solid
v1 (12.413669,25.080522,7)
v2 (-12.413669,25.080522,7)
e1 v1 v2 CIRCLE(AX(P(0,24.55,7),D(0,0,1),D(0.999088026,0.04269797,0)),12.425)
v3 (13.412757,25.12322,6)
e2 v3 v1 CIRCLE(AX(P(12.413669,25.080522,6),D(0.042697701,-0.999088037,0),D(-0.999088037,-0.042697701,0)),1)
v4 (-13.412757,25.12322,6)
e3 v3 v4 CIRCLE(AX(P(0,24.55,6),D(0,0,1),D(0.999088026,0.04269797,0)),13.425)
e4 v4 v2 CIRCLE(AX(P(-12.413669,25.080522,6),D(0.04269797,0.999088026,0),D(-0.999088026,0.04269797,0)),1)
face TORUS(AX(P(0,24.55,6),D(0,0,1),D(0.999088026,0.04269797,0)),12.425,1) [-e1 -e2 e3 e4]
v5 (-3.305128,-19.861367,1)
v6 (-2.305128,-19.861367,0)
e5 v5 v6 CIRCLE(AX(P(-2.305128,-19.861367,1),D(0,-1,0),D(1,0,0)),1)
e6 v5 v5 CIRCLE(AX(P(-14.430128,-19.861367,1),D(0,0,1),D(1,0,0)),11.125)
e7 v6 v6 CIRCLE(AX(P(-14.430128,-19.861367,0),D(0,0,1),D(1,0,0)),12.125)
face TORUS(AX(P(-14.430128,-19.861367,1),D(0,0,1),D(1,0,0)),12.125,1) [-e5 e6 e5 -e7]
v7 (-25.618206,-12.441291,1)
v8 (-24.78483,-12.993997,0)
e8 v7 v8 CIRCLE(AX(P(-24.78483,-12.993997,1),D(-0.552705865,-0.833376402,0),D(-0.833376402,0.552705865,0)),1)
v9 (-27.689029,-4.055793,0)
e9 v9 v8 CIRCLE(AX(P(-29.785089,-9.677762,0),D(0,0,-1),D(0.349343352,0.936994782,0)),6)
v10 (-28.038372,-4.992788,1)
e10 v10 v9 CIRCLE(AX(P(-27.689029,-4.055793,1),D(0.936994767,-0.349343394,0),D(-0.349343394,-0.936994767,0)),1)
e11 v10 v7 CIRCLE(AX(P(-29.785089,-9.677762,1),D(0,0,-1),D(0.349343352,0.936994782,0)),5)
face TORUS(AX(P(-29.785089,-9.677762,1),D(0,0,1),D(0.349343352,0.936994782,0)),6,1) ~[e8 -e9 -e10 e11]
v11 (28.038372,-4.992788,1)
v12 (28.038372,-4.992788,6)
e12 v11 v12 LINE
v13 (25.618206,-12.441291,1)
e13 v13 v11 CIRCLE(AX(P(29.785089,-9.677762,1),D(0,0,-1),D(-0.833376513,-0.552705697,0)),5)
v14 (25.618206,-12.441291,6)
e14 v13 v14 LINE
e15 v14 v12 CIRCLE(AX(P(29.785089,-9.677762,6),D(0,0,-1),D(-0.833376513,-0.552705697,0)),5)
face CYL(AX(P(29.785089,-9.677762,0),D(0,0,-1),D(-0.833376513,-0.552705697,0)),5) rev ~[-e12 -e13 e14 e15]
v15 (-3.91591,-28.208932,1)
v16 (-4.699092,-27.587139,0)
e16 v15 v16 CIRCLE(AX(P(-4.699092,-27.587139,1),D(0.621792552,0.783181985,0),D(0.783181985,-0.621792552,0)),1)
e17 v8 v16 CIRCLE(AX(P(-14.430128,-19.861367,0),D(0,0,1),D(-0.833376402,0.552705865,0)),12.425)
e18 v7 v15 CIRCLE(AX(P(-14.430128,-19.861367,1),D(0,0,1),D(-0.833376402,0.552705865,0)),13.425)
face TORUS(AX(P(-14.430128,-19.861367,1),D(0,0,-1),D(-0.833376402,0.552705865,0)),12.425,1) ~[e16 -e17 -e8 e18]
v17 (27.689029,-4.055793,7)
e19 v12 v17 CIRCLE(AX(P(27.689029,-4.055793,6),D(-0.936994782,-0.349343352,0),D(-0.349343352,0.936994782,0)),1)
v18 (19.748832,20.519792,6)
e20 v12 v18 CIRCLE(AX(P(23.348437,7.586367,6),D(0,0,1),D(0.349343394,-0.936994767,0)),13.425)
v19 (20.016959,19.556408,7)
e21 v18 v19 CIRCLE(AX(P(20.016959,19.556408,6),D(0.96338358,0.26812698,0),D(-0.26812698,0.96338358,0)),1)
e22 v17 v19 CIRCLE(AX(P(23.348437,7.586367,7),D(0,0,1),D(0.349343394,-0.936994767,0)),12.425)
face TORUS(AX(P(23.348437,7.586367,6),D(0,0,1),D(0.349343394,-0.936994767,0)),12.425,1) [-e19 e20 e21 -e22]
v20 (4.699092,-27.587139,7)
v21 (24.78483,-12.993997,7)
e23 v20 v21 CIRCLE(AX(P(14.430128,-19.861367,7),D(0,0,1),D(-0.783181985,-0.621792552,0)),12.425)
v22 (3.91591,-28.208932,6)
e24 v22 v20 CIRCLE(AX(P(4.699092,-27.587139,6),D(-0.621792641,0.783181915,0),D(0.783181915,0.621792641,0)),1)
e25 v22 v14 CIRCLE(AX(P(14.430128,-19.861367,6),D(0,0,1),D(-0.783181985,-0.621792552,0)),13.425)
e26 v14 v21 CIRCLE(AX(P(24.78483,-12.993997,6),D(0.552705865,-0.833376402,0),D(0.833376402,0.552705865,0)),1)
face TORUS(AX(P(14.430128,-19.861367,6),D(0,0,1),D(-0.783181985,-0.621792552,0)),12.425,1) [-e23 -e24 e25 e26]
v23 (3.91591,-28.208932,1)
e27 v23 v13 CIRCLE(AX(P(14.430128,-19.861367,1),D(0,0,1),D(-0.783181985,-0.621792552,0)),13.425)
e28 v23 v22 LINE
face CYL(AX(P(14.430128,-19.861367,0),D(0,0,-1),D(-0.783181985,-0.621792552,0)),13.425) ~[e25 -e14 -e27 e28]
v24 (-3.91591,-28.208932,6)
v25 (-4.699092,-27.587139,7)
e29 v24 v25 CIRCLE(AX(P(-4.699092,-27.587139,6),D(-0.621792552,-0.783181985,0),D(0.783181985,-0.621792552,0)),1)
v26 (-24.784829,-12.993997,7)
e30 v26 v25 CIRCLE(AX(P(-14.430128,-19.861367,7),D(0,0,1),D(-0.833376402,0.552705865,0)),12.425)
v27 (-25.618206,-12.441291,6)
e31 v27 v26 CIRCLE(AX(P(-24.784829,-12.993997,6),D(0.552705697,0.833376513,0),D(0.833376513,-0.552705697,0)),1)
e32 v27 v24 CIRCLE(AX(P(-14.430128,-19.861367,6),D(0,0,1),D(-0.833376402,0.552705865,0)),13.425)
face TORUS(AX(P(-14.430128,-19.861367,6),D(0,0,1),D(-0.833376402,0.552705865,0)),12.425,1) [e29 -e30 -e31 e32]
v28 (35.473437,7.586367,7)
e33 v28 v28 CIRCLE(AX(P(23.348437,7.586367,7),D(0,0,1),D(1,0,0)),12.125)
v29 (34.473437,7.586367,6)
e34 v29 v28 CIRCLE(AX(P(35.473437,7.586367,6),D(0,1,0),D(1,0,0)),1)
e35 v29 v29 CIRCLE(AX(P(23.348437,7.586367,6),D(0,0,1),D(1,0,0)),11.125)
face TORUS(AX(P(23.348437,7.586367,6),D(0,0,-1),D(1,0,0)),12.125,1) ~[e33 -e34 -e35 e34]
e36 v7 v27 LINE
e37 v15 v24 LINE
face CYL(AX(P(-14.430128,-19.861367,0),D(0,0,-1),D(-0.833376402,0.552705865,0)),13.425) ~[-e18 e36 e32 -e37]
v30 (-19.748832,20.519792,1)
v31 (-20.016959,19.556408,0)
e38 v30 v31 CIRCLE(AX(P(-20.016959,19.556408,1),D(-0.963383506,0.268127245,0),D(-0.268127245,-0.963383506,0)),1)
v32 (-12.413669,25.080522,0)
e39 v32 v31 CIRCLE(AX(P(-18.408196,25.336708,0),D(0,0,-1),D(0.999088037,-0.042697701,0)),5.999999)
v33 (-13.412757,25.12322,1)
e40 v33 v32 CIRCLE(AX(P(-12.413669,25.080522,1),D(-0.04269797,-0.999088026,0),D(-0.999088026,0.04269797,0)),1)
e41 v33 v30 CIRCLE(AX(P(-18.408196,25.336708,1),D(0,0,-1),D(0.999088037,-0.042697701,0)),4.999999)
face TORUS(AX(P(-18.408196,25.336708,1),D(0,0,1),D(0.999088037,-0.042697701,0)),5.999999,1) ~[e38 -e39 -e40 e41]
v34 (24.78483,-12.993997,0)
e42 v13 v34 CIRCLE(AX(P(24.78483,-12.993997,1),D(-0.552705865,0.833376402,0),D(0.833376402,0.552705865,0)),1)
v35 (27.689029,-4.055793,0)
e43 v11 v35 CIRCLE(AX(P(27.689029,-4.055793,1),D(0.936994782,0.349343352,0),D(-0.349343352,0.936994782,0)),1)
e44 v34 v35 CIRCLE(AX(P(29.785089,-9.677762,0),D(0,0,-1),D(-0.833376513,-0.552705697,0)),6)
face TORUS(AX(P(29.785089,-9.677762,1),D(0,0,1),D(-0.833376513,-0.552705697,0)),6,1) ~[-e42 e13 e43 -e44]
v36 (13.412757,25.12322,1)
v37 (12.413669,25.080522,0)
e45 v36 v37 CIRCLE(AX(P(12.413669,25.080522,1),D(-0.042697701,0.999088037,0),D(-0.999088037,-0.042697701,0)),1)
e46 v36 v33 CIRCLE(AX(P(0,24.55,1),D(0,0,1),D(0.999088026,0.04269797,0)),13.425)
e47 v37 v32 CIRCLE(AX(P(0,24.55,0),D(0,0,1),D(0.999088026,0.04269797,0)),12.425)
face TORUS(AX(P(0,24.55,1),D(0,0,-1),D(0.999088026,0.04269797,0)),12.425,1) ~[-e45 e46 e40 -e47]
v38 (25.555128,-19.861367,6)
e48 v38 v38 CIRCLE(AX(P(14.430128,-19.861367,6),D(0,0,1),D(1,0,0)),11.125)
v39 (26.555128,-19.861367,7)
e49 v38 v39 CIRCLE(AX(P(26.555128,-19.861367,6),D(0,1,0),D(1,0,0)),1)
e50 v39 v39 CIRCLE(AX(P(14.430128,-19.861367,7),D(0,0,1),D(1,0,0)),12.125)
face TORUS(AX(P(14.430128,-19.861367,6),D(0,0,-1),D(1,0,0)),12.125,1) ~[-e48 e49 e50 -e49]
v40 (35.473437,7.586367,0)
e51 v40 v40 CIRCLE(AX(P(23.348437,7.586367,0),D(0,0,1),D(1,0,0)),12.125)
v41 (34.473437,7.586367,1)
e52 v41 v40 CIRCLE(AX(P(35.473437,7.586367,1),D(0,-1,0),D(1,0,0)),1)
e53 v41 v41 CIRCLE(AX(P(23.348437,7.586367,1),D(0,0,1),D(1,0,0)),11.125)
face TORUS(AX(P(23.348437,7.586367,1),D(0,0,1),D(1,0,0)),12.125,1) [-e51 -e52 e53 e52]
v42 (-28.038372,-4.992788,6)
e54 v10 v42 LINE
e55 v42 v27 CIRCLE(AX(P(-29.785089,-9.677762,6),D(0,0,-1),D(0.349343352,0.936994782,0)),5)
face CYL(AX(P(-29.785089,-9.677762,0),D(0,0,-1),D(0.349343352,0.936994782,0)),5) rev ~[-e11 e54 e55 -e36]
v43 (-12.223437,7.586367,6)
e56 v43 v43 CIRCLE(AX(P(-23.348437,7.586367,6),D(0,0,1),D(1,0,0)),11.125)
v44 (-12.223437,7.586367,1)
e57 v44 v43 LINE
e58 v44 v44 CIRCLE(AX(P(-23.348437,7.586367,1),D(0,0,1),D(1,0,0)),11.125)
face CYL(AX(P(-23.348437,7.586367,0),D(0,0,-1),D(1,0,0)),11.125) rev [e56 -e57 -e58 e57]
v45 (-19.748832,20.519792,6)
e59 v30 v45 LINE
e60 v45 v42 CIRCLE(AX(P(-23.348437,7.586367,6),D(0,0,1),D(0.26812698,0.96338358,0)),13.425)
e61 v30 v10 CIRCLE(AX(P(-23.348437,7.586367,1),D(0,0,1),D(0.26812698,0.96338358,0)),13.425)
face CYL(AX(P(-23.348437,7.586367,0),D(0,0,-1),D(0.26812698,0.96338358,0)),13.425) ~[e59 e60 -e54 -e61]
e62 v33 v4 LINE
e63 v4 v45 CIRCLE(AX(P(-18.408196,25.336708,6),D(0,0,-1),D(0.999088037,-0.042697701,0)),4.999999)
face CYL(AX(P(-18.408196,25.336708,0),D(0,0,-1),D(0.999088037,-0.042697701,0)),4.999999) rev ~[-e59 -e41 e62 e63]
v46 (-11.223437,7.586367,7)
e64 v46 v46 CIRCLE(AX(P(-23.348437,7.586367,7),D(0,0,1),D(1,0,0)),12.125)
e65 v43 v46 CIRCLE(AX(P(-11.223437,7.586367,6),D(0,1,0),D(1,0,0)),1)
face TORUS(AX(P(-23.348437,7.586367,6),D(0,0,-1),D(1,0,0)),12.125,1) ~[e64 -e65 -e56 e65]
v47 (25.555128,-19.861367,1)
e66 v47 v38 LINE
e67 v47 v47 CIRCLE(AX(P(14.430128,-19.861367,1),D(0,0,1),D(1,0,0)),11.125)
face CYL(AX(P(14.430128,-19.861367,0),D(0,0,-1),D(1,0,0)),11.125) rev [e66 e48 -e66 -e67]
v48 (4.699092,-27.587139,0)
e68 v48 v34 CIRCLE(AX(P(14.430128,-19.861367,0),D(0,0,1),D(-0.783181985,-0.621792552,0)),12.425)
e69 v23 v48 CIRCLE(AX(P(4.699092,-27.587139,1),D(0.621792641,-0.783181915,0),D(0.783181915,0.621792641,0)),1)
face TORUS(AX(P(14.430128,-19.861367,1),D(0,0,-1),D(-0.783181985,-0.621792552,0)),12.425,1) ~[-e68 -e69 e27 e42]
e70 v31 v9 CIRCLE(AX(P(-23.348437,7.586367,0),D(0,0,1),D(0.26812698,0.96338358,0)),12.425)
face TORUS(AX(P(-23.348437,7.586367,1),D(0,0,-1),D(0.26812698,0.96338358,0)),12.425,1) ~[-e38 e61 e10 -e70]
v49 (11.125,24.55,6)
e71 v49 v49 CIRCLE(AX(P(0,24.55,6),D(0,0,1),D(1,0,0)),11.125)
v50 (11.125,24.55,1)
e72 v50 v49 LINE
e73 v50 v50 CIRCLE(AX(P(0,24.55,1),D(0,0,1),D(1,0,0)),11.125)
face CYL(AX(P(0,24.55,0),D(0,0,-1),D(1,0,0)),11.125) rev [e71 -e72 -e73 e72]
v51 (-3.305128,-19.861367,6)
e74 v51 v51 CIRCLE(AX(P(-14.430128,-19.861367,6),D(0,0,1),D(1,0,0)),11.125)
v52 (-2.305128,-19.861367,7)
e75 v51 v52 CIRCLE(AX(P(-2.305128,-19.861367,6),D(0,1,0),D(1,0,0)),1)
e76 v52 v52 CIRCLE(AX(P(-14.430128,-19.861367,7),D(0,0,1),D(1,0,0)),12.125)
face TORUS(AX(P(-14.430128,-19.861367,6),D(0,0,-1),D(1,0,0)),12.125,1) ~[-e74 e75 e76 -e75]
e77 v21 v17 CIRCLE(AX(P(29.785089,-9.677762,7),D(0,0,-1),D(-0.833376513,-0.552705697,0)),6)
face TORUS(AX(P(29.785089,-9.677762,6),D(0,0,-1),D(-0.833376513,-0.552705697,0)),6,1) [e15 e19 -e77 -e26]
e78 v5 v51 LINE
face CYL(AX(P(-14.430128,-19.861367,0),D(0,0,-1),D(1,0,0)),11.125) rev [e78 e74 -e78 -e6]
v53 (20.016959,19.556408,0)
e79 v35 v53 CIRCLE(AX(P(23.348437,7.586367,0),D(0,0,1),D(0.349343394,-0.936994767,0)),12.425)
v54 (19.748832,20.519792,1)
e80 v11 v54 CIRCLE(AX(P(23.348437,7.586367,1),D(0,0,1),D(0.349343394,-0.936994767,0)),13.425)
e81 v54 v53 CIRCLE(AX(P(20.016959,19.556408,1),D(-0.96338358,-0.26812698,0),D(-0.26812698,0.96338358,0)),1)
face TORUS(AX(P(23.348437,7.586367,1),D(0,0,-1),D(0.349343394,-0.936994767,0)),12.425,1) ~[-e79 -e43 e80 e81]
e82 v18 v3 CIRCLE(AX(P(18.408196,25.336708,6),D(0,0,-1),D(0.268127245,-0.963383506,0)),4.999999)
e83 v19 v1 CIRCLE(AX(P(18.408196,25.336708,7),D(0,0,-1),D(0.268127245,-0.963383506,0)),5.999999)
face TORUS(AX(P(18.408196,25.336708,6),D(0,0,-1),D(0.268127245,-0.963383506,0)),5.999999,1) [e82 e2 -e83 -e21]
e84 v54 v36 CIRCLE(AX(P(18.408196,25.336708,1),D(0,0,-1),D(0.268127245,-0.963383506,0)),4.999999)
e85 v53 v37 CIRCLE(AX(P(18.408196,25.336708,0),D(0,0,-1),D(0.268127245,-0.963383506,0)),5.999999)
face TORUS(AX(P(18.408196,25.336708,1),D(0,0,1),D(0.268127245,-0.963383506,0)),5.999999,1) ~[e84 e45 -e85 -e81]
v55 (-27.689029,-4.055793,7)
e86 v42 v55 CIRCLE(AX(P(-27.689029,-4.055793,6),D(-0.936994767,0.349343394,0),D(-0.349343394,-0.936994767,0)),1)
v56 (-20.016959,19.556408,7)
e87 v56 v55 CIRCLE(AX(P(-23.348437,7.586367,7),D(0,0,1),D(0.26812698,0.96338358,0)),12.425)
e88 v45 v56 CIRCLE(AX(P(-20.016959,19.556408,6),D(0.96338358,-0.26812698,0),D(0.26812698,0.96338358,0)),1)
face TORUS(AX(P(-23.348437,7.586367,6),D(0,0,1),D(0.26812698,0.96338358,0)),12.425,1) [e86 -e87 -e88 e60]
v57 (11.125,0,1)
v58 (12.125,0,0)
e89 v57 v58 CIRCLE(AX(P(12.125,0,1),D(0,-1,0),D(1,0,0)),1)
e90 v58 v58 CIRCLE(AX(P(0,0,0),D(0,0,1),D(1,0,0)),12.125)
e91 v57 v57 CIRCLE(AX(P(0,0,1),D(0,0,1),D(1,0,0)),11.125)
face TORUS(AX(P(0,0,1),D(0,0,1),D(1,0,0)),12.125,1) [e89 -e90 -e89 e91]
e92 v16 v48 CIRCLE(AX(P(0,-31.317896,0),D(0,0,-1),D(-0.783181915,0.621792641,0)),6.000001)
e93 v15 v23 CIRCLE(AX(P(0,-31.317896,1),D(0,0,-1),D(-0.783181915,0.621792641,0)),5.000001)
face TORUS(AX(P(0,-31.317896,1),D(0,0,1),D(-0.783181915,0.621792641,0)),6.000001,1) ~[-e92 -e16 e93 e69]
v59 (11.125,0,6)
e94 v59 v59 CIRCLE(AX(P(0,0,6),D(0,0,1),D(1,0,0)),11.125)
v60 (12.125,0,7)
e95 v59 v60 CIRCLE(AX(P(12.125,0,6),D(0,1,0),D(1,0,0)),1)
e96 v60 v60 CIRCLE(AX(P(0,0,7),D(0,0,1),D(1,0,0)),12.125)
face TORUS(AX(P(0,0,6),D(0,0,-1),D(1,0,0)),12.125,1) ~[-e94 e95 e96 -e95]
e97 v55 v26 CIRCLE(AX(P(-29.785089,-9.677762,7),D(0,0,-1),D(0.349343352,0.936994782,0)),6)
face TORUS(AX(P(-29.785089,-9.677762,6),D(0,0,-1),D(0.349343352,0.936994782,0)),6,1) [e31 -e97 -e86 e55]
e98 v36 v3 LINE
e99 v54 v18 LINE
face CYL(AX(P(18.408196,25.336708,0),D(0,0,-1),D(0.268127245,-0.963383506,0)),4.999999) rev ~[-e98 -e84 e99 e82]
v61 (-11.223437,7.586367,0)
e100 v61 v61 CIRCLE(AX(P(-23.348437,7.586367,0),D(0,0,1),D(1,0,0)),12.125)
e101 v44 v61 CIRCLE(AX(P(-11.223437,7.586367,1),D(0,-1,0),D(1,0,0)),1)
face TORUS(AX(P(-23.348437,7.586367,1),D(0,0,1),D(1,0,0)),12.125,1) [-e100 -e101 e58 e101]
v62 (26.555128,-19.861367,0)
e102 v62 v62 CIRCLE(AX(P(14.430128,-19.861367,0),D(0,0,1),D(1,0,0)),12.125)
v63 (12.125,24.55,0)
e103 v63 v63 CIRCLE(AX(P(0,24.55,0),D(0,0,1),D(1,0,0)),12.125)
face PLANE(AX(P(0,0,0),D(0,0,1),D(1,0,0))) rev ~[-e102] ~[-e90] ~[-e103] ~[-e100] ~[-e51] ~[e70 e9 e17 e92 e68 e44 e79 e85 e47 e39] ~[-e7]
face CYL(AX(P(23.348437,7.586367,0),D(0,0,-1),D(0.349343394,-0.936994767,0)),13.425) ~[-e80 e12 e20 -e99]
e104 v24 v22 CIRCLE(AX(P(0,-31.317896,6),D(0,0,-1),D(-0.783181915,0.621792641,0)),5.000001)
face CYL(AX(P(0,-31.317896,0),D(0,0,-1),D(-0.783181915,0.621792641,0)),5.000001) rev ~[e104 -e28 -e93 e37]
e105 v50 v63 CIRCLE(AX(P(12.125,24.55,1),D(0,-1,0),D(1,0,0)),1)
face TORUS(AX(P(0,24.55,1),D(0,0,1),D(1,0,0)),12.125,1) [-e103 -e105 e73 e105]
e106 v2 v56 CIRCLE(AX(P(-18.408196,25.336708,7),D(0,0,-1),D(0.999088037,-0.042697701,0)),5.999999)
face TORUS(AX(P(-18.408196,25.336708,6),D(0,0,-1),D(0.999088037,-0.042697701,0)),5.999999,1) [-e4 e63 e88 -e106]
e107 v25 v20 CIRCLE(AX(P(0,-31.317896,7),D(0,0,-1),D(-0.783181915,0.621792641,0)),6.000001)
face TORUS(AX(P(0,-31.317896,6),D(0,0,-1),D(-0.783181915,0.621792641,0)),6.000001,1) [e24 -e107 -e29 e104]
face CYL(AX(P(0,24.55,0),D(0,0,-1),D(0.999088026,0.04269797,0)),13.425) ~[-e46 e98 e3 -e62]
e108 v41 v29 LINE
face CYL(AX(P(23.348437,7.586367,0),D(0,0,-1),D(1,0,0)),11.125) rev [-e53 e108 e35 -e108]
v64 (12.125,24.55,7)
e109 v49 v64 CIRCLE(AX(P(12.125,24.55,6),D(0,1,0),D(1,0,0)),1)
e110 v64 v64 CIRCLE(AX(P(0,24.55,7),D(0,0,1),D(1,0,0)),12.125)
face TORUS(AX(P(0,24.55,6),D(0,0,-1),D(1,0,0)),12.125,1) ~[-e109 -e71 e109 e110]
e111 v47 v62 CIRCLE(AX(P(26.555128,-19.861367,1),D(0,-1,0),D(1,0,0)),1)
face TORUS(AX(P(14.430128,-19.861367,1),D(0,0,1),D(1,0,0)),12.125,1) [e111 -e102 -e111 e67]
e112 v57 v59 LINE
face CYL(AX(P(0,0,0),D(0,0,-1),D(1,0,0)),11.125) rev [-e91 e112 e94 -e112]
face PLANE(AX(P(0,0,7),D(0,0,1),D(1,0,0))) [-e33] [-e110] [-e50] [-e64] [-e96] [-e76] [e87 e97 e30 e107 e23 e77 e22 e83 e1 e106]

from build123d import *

# Parameters (mm, degrees)
F0_R     = 11.125
F1_DEPTH = 7
F2_R     = 1


with BuildPart() as f1:
    # F0 (on Top) → F1 (new body)
    with BuildSketch(Plane.XY):
        with BuildLine():
            ThreePointArc((19.748832, 20.519792), (15.469271, 21.291624), (13.412757, 25.12322))
            ThreePointArc((13.412757, 25.12322), (0, 37.975), (-13.412757, 25.12322))
            ThreePointArc((-13.412757, 25.12322), (-15.469271, 21.291624), (-19.748832, 20.519792))
            ThreePointArc((-19.748832, 20.519792), (-36.116371, 11.73492), (-28.038372, -4.992788))
            ThreePointArc((-28.038372, -4.992788), (-25.029806, -8.132677), (-25.618206, -12.441291))
            ThreePointArc((-25.618206, -12.441291), (-22.321145, -30.72242), (-3.91591, -28.208932))
            ThreePointArc((-3.91591, -28.208932), (0, -26.317895), (3.91591, -28.208932))
            ThreePointArc((3.91591, -28.208932), (22.321145, -30.72242), (25.618206, -12.441291))
            ThreePointArc((25.618206, -12.441291), (25.029806, -8.132677), (28.038372, -4.992788))
            ThreePointArc((28.038372, -4.992788), (36.116371, 11.73492), (19.748832, 20.519792))
        make_face()
        with Locations((-14.430128, -19.861367)):
            Circle(F0_R, mode=Mode.SUBTRACT)
        with Locations((14.430128, -19.861367)):
            Circle(F0_R, mode=Mode.SUBTRACT)
        Circle(F0_R, mode=Mode.SUBTRACT)
        with Locations((-23.348437, 7.586367)):
            Circle(F0_R, mode=Mode.SUBTRACT)
        with Locations((23.348437, 7.586367)):
            Circle(F0_R, mode=Mode.SUBTRACT)
        with Locations((0, 24.55)):
            Circle(F0_R, mode=Mode.SUBTRACT)
    extrude(amount=F1_DEPTH)

    # F2
    f2_edges = [f1.edges().sort_by_distance(p)[0] for p in [
        (-36.116371, 11.73492, 7),
        (-22.321145, -30.72242, 0),
        (-25.555128, -19.861367, 7),
        (-34.473437, 7.586367, 7),
        (-11.125, 24.55, 0),
        (-11.125, 24.55, 7),
        (-34.473437, 7.586367, 0),
        (-25.555128, -19.861367, 0),
        (-11.125, 0, 0),
        (-11.125, 0, 7),
        (12.223437, 7.586367, 0),
        (12.223437, 7.586367, 7),
        (3.305128, -19.861367, 0),
        (3.305128, -19.861367, 7),
    ]]
    fillet(f2_edges, radius=F2_R)


solid = f1.part
